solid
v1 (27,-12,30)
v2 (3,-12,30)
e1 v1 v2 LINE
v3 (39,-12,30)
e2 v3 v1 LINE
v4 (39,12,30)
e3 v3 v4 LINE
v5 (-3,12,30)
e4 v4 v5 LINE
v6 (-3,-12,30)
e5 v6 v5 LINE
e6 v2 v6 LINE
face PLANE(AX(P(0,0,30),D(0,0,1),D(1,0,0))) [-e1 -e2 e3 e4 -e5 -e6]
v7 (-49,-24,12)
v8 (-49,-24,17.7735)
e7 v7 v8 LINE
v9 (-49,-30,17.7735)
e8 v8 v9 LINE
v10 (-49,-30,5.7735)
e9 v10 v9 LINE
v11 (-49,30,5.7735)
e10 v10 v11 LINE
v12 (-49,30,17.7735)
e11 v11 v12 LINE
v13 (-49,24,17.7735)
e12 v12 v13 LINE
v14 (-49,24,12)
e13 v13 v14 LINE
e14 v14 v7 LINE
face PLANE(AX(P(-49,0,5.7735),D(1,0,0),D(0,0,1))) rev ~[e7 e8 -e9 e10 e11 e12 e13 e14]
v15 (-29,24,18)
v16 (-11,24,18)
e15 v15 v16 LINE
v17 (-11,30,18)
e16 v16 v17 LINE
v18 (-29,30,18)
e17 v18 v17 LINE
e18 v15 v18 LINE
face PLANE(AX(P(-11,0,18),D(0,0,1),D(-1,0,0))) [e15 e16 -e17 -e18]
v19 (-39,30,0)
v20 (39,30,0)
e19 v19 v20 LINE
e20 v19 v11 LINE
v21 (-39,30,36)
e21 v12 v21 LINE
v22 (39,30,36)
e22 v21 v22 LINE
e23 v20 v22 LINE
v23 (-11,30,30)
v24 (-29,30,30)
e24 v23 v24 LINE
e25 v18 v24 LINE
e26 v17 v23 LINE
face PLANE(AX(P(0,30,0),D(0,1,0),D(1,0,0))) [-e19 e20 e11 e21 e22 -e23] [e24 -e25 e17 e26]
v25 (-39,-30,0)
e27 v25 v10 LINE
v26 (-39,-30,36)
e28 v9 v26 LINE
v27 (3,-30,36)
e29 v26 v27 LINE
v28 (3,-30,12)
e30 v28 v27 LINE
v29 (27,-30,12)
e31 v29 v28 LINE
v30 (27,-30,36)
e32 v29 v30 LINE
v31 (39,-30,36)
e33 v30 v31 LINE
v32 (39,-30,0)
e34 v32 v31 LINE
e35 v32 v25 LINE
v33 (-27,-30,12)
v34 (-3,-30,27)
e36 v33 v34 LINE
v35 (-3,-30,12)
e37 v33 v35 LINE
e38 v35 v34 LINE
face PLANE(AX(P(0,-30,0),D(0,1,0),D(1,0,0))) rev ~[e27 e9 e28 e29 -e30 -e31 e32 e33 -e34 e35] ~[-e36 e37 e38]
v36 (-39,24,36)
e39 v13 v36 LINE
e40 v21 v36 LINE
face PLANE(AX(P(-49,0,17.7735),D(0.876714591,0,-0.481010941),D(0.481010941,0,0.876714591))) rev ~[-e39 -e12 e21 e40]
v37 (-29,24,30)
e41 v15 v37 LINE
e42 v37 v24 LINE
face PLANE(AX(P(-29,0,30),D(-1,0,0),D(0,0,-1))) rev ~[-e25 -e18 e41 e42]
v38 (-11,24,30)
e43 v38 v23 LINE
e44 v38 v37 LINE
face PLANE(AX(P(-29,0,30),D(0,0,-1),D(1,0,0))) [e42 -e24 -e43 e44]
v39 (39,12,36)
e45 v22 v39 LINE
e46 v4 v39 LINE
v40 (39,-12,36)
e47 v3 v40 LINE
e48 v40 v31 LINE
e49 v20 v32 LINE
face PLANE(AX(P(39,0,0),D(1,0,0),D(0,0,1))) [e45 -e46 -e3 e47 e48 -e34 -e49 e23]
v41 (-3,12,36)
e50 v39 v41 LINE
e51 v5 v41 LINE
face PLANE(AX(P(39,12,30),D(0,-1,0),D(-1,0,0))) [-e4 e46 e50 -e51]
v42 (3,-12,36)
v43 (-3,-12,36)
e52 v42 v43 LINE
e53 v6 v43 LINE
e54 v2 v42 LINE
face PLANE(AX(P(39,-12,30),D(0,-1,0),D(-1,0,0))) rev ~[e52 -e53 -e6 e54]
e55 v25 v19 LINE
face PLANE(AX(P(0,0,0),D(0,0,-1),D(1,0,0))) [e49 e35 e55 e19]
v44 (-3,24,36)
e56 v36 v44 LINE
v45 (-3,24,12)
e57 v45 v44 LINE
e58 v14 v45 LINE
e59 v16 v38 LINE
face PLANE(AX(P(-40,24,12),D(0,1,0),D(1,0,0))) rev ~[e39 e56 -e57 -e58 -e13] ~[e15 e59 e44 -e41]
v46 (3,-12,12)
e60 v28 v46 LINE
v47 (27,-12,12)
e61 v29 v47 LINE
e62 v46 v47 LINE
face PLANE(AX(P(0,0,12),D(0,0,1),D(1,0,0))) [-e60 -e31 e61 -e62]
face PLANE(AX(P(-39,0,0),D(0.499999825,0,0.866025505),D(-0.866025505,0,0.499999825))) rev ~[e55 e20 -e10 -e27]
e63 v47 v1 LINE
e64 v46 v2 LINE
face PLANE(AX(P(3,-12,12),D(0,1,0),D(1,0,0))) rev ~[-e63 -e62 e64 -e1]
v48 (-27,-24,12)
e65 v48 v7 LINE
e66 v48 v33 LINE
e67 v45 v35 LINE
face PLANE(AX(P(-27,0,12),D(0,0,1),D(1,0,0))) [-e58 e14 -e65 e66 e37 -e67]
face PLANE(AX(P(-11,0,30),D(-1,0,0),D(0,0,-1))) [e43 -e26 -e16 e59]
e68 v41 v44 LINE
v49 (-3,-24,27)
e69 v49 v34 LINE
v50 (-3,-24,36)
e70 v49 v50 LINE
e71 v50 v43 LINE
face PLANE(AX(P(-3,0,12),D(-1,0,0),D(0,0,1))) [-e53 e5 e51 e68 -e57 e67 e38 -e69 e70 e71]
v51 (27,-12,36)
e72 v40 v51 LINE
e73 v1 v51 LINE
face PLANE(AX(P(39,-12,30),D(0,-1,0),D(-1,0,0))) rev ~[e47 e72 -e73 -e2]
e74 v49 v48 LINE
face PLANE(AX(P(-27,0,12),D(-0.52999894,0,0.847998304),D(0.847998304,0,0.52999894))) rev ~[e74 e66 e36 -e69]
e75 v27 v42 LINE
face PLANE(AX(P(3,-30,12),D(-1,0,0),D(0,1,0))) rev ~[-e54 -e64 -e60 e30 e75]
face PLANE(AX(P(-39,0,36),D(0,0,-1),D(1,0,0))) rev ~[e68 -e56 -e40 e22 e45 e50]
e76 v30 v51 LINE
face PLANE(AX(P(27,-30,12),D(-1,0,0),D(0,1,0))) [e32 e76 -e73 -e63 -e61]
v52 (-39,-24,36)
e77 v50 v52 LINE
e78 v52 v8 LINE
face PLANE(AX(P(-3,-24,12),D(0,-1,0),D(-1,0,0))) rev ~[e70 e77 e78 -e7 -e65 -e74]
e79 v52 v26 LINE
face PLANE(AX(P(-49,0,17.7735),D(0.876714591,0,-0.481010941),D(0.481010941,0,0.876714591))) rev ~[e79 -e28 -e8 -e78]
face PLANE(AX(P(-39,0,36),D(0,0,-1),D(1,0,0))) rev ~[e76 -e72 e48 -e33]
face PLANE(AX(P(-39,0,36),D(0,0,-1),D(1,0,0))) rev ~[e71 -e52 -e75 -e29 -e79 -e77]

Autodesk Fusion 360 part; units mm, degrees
sketch "Sketch1" plane through (0, 0, 0) normal (0, 1, 0) x (1, 0, 0)
  line L0 (0, 0) -> (39, 0)
  line L1 (0, 0) -> (-39, 0)
  line L2 (39, 0) -> (39, -36)
  line L3 (-39, -36) -> (39, -36)
  line L4 (-39, 0) -> (-49, -5.7735)
  line L5 (-39, 0) -> (1.8239, 0) construction
  line L6 (-49, -5.7735) -> (-49, -17.7735)
  line L7 (-49, -17.7735) -> (-39, -36)
  dimension "d1" = 39
  dimension "d2" = 39
  dimension "d4" = 36
  dimension "d5" = 36
  dimension "d8" = 12
extrude "Extrude1" add sketch "Sketch1" along normal mid plane 60
sketch "Sketch2" plane through (0, 0, 0) normal (0, 0, 1) x (1, 0, 0)
  line L0 (39, -30) -> (39, -12)
  line L1 (39, -12) -> (39, 12)
  line L2 (33, -30) -> (9, -30)
  line L3 (33, -12) -> (9, -12)
  line L4 (9, -12) -> (9, -30)
  line L5 (39, 12) -> (-3, 12)
  line L6 (39, -12) -> (-3, -12)
  line L7 (-3, -12) -> (-3, 12)
  dimension "d11" = 18
  dimension "d12" = 24
  dimension "d13" = 24
  dimension "d14" = 42
  dimension "d15" = 42
extrude "Extrude2" cut sketch "Sketch2" along normal blind 10 from surface at 30
sketch "Sketch3" plane through (0, 0, 0) normal (0, 0, 1) x (1, 0, 0)
  line L0 (27, -30) -> (3, -30)
  line L1 (27, -30) -> (27, -12)
  line L2 (3, -30) -> (3, -12)
  line L3 (3, -12) -> (27, -12)
  dimension "d20" = 24
  dimension "d21" = 18
  dimension "d22" = 18
extrude "Extrude3" cut sketch "Sketch3" along normal blind 30 from surface at 12
sketch "Sketch4" plane through (0, 0, 0) normal (0, 0, 1) x (1, 0, 0)
  line L0 (-3, 12) -> (-3, 24)
  line L1 (-3, 30) -> (-40, 30)
  line L2 (-40, 24) -> (-3, 24)
  line L3 (-40, 24) -> (-49.0656, 24)
  line L4 (-3, -24) -> (-49, -24)
  line L5 (-3, -24) -> (-3, -12)
  line L6 (-3, -12) -> (-3, 12)
  line L7 (-49.0656, 24) -> (-49, -24)
  dimension "d27" = 6
extrude "Extrude4" cut sketch "Sketch4" along normal blind 30 from surface at 12
sketch "Sketch5" plane through (0, 0, 0) normal (0, 1, 0) x (1, 0, 0)
  line L0 (-27, -12) -> (-3, -12)
  line L1 (-3, -12) -> (-3, -27)
  line L2 (-27, -12) -> (-3, -27)
  dimension "d34" = 24
  dimension "d35" = 15
extrude "Extrude5" cut sketch "Sketch5" against normal blind 35
sketch "Sketch6" plane through (0, 0, 0) normal (0, 1, 0) x (1, 0, 0)
  line L0 (-29, -30) -> (-11, -30)
  line L1 (-29, -30) -> (-29, -18)
  line L2 (-11, -30) -> (-11, -18)
  line L3 (-11, -18) -> (-29, -18)
  dimension "d41" = 18
  dimension "d42" = 12
  dimension "d43" = 12
extrude "Extrude6" cut sketch "Sketch6" along normal blind 35
